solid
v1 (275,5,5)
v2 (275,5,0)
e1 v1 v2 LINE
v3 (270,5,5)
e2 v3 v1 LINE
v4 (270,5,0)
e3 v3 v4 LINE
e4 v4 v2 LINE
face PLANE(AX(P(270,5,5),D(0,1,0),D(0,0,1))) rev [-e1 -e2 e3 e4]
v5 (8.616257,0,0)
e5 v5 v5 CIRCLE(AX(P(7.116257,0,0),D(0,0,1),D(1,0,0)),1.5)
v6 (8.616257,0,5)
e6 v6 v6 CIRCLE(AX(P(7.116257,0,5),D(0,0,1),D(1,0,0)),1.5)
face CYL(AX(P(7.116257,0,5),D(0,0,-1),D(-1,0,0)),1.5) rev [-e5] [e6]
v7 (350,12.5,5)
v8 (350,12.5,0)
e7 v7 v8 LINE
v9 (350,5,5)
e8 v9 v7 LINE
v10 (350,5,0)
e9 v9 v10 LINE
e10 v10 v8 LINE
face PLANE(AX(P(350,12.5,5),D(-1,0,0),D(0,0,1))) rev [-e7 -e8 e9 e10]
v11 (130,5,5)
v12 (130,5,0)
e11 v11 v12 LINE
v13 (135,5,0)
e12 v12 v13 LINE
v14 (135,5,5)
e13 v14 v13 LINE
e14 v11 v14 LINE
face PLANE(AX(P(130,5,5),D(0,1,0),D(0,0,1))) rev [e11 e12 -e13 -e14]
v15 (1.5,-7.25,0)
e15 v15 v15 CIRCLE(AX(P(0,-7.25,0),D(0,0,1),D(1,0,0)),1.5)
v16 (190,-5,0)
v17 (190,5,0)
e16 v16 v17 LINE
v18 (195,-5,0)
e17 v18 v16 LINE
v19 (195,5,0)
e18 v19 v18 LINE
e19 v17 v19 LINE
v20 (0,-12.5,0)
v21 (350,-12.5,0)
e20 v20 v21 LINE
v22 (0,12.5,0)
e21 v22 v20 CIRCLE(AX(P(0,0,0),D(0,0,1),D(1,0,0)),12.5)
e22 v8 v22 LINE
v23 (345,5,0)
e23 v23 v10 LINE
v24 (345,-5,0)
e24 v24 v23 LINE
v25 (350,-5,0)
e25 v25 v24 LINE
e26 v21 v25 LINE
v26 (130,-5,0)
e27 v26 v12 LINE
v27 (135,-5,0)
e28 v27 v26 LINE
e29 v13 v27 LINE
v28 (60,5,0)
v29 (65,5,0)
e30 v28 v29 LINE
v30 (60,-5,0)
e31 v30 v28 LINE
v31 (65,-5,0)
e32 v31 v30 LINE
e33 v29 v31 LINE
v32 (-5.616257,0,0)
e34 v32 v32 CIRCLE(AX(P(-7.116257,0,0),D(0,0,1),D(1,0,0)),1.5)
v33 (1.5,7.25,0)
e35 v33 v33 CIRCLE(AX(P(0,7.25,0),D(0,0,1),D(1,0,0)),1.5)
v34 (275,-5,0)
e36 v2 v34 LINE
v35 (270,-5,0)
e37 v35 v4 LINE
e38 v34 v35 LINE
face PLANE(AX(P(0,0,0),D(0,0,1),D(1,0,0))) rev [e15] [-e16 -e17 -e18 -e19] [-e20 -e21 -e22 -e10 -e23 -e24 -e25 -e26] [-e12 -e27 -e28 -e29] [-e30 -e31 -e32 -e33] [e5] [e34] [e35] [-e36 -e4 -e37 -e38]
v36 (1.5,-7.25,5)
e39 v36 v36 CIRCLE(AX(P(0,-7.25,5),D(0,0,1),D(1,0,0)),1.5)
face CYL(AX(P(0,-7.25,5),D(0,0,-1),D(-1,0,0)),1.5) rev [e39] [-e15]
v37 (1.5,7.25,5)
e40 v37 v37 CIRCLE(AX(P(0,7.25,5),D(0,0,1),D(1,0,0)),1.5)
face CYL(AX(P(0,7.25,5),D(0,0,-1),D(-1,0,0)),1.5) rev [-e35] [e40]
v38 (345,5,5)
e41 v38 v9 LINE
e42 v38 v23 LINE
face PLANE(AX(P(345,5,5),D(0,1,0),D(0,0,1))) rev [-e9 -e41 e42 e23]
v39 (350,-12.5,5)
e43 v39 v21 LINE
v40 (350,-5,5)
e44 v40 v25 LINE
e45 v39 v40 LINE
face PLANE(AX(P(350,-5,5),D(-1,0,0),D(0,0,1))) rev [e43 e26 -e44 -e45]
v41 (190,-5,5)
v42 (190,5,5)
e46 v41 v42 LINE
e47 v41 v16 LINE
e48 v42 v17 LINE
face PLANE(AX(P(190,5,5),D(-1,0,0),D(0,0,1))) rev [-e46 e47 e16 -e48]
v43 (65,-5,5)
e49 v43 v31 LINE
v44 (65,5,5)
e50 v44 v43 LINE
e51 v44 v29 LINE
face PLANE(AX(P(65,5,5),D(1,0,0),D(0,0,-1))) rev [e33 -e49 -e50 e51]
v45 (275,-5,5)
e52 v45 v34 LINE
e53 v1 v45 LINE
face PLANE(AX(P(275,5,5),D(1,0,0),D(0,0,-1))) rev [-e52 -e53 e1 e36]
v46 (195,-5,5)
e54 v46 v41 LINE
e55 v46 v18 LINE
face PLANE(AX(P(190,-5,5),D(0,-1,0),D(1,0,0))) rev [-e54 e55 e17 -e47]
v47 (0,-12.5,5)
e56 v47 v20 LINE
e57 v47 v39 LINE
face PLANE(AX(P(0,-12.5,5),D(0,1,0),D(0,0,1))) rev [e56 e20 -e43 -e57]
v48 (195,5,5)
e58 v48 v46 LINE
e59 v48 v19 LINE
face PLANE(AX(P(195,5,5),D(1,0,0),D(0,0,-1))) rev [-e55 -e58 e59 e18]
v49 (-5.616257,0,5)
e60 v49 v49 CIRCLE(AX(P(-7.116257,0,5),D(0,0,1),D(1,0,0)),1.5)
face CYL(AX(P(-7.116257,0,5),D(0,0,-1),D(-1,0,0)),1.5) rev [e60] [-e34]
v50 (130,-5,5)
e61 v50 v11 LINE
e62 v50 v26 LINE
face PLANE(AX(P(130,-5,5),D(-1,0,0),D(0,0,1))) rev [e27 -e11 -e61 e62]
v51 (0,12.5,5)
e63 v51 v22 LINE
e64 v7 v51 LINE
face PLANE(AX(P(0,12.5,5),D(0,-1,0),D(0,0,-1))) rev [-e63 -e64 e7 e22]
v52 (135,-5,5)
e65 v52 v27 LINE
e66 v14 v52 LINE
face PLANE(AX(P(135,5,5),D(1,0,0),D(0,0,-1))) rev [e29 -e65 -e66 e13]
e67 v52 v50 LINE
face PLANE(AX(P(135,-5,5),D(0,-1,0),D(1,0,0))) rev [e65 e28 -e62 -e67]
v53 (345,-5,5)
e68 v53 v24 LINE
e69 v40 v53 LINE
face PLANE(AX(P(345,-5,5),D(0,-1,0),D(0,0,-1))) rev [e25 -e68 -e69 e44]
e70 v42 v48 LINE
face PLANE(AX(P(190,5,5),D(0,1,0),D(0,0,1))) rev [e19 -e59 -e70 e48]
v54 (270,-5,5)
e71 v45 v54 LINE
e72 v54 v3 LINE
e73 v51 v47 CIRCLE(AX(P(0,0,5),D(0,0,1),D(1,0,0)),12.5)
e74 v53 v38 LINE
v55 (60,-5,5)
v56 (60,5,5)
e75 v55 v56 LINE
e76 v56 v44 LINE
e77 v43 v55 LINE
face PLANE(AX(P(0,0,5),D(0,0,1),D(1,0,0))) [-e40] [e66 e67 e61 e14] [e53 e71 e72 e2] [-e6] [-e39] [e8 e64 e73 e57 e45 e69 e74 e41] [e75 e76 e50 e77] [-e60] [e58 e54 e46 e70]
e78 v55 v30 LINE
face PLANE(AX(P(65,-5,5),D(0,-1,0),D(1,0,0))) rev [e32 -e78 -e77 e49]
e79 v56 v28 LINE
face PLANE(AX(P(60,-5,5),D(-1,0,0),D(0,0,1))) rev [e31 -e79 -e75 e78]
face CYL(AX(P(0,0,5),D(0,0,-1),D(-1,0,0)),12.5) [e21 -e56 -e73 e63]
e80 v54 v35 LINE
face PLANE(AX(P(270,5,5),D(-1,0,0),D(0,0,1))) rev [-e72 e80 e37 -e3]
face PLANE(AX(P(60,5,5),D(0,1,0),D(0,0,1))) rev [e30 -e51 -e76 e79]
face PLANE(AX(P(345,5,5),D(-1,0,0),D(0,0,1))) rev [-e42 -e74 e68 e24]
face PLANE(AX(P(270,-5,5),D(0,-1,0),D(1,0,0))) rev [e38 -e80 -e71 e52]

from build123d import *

# Parameters (mm, degrees)
SKETCH_1_R          = 1.5
EXTRUDE_1_DEPTH     = 5
SKETCH_3_W          = 5
SKETCH_3_H          = 10
CUT_EXTRUDE_1_DEPTH = 351.258832865


with BuildPart() as part:
    # 스케치1 → 보스-돌출1 (new body)
    with BuildSketch(Plane.XY):
        with BuildLine():
            Line((0, -12.5), (350, -12.5))
            Line((350, -12.5), (350, -5))
            Line((350, -5), (345, -5))
            Line((345, -5), (345, 5))
            Line((345, 5), (350, 5))
            Line((350, 5), (350, 12.5))
            Line((350, 12.5), (0, 12.5))
            ThreePointArc((0, 12.5), (-12.5, 0), (0, -12.5))
        make_face()
        with Locations((7.116257118, 0)):
            Circle(SKETCH_1_R, mode=Mode.SUBTRACT)
        with Locations((-7.116257118, 0)):
            Circle(SKETCH_1_R, mode=Mode.SUBTRACT)
        with Locations((0, 7.25)):
            Circle(SKETCH_1_R, mode=Mode.SUBTRACT)
        with Locations((0, -7.25)):
            Circle(SKETCH_1_R, mode=Mode.SUBTRACT)
    extrude(amount=EXTRUDE_1_DEPTH)

    # 스케치3 → 컷-돌출1 (cut, through all)
    with BuildSketch(Plane(origin=(0, 0, 0), x_dir=(-1, 0, 0), z_dir=(0, 0, -1))):
        with Locations((-272.5, 0)):
            Rectangle(SKETCH_3_W, SKETCH_3_H)
        with Locations((-192.5, 0)):
            Rectangle(SKETCH_3_W, SKETCH_3_H)
        with Locations((-132.5, 0)):
            Rectangle(SKETCH_3_W, SKETCH_3_H)
        with Locations((-62.5, 0)):
            Rectangle(SKETCH_3_W, SKETCH_3_H)
    extrude(amount=-CUT_EXTRUDE_1_DEPTH, mode=Mode.SUBTRACT)


solid = part.part
